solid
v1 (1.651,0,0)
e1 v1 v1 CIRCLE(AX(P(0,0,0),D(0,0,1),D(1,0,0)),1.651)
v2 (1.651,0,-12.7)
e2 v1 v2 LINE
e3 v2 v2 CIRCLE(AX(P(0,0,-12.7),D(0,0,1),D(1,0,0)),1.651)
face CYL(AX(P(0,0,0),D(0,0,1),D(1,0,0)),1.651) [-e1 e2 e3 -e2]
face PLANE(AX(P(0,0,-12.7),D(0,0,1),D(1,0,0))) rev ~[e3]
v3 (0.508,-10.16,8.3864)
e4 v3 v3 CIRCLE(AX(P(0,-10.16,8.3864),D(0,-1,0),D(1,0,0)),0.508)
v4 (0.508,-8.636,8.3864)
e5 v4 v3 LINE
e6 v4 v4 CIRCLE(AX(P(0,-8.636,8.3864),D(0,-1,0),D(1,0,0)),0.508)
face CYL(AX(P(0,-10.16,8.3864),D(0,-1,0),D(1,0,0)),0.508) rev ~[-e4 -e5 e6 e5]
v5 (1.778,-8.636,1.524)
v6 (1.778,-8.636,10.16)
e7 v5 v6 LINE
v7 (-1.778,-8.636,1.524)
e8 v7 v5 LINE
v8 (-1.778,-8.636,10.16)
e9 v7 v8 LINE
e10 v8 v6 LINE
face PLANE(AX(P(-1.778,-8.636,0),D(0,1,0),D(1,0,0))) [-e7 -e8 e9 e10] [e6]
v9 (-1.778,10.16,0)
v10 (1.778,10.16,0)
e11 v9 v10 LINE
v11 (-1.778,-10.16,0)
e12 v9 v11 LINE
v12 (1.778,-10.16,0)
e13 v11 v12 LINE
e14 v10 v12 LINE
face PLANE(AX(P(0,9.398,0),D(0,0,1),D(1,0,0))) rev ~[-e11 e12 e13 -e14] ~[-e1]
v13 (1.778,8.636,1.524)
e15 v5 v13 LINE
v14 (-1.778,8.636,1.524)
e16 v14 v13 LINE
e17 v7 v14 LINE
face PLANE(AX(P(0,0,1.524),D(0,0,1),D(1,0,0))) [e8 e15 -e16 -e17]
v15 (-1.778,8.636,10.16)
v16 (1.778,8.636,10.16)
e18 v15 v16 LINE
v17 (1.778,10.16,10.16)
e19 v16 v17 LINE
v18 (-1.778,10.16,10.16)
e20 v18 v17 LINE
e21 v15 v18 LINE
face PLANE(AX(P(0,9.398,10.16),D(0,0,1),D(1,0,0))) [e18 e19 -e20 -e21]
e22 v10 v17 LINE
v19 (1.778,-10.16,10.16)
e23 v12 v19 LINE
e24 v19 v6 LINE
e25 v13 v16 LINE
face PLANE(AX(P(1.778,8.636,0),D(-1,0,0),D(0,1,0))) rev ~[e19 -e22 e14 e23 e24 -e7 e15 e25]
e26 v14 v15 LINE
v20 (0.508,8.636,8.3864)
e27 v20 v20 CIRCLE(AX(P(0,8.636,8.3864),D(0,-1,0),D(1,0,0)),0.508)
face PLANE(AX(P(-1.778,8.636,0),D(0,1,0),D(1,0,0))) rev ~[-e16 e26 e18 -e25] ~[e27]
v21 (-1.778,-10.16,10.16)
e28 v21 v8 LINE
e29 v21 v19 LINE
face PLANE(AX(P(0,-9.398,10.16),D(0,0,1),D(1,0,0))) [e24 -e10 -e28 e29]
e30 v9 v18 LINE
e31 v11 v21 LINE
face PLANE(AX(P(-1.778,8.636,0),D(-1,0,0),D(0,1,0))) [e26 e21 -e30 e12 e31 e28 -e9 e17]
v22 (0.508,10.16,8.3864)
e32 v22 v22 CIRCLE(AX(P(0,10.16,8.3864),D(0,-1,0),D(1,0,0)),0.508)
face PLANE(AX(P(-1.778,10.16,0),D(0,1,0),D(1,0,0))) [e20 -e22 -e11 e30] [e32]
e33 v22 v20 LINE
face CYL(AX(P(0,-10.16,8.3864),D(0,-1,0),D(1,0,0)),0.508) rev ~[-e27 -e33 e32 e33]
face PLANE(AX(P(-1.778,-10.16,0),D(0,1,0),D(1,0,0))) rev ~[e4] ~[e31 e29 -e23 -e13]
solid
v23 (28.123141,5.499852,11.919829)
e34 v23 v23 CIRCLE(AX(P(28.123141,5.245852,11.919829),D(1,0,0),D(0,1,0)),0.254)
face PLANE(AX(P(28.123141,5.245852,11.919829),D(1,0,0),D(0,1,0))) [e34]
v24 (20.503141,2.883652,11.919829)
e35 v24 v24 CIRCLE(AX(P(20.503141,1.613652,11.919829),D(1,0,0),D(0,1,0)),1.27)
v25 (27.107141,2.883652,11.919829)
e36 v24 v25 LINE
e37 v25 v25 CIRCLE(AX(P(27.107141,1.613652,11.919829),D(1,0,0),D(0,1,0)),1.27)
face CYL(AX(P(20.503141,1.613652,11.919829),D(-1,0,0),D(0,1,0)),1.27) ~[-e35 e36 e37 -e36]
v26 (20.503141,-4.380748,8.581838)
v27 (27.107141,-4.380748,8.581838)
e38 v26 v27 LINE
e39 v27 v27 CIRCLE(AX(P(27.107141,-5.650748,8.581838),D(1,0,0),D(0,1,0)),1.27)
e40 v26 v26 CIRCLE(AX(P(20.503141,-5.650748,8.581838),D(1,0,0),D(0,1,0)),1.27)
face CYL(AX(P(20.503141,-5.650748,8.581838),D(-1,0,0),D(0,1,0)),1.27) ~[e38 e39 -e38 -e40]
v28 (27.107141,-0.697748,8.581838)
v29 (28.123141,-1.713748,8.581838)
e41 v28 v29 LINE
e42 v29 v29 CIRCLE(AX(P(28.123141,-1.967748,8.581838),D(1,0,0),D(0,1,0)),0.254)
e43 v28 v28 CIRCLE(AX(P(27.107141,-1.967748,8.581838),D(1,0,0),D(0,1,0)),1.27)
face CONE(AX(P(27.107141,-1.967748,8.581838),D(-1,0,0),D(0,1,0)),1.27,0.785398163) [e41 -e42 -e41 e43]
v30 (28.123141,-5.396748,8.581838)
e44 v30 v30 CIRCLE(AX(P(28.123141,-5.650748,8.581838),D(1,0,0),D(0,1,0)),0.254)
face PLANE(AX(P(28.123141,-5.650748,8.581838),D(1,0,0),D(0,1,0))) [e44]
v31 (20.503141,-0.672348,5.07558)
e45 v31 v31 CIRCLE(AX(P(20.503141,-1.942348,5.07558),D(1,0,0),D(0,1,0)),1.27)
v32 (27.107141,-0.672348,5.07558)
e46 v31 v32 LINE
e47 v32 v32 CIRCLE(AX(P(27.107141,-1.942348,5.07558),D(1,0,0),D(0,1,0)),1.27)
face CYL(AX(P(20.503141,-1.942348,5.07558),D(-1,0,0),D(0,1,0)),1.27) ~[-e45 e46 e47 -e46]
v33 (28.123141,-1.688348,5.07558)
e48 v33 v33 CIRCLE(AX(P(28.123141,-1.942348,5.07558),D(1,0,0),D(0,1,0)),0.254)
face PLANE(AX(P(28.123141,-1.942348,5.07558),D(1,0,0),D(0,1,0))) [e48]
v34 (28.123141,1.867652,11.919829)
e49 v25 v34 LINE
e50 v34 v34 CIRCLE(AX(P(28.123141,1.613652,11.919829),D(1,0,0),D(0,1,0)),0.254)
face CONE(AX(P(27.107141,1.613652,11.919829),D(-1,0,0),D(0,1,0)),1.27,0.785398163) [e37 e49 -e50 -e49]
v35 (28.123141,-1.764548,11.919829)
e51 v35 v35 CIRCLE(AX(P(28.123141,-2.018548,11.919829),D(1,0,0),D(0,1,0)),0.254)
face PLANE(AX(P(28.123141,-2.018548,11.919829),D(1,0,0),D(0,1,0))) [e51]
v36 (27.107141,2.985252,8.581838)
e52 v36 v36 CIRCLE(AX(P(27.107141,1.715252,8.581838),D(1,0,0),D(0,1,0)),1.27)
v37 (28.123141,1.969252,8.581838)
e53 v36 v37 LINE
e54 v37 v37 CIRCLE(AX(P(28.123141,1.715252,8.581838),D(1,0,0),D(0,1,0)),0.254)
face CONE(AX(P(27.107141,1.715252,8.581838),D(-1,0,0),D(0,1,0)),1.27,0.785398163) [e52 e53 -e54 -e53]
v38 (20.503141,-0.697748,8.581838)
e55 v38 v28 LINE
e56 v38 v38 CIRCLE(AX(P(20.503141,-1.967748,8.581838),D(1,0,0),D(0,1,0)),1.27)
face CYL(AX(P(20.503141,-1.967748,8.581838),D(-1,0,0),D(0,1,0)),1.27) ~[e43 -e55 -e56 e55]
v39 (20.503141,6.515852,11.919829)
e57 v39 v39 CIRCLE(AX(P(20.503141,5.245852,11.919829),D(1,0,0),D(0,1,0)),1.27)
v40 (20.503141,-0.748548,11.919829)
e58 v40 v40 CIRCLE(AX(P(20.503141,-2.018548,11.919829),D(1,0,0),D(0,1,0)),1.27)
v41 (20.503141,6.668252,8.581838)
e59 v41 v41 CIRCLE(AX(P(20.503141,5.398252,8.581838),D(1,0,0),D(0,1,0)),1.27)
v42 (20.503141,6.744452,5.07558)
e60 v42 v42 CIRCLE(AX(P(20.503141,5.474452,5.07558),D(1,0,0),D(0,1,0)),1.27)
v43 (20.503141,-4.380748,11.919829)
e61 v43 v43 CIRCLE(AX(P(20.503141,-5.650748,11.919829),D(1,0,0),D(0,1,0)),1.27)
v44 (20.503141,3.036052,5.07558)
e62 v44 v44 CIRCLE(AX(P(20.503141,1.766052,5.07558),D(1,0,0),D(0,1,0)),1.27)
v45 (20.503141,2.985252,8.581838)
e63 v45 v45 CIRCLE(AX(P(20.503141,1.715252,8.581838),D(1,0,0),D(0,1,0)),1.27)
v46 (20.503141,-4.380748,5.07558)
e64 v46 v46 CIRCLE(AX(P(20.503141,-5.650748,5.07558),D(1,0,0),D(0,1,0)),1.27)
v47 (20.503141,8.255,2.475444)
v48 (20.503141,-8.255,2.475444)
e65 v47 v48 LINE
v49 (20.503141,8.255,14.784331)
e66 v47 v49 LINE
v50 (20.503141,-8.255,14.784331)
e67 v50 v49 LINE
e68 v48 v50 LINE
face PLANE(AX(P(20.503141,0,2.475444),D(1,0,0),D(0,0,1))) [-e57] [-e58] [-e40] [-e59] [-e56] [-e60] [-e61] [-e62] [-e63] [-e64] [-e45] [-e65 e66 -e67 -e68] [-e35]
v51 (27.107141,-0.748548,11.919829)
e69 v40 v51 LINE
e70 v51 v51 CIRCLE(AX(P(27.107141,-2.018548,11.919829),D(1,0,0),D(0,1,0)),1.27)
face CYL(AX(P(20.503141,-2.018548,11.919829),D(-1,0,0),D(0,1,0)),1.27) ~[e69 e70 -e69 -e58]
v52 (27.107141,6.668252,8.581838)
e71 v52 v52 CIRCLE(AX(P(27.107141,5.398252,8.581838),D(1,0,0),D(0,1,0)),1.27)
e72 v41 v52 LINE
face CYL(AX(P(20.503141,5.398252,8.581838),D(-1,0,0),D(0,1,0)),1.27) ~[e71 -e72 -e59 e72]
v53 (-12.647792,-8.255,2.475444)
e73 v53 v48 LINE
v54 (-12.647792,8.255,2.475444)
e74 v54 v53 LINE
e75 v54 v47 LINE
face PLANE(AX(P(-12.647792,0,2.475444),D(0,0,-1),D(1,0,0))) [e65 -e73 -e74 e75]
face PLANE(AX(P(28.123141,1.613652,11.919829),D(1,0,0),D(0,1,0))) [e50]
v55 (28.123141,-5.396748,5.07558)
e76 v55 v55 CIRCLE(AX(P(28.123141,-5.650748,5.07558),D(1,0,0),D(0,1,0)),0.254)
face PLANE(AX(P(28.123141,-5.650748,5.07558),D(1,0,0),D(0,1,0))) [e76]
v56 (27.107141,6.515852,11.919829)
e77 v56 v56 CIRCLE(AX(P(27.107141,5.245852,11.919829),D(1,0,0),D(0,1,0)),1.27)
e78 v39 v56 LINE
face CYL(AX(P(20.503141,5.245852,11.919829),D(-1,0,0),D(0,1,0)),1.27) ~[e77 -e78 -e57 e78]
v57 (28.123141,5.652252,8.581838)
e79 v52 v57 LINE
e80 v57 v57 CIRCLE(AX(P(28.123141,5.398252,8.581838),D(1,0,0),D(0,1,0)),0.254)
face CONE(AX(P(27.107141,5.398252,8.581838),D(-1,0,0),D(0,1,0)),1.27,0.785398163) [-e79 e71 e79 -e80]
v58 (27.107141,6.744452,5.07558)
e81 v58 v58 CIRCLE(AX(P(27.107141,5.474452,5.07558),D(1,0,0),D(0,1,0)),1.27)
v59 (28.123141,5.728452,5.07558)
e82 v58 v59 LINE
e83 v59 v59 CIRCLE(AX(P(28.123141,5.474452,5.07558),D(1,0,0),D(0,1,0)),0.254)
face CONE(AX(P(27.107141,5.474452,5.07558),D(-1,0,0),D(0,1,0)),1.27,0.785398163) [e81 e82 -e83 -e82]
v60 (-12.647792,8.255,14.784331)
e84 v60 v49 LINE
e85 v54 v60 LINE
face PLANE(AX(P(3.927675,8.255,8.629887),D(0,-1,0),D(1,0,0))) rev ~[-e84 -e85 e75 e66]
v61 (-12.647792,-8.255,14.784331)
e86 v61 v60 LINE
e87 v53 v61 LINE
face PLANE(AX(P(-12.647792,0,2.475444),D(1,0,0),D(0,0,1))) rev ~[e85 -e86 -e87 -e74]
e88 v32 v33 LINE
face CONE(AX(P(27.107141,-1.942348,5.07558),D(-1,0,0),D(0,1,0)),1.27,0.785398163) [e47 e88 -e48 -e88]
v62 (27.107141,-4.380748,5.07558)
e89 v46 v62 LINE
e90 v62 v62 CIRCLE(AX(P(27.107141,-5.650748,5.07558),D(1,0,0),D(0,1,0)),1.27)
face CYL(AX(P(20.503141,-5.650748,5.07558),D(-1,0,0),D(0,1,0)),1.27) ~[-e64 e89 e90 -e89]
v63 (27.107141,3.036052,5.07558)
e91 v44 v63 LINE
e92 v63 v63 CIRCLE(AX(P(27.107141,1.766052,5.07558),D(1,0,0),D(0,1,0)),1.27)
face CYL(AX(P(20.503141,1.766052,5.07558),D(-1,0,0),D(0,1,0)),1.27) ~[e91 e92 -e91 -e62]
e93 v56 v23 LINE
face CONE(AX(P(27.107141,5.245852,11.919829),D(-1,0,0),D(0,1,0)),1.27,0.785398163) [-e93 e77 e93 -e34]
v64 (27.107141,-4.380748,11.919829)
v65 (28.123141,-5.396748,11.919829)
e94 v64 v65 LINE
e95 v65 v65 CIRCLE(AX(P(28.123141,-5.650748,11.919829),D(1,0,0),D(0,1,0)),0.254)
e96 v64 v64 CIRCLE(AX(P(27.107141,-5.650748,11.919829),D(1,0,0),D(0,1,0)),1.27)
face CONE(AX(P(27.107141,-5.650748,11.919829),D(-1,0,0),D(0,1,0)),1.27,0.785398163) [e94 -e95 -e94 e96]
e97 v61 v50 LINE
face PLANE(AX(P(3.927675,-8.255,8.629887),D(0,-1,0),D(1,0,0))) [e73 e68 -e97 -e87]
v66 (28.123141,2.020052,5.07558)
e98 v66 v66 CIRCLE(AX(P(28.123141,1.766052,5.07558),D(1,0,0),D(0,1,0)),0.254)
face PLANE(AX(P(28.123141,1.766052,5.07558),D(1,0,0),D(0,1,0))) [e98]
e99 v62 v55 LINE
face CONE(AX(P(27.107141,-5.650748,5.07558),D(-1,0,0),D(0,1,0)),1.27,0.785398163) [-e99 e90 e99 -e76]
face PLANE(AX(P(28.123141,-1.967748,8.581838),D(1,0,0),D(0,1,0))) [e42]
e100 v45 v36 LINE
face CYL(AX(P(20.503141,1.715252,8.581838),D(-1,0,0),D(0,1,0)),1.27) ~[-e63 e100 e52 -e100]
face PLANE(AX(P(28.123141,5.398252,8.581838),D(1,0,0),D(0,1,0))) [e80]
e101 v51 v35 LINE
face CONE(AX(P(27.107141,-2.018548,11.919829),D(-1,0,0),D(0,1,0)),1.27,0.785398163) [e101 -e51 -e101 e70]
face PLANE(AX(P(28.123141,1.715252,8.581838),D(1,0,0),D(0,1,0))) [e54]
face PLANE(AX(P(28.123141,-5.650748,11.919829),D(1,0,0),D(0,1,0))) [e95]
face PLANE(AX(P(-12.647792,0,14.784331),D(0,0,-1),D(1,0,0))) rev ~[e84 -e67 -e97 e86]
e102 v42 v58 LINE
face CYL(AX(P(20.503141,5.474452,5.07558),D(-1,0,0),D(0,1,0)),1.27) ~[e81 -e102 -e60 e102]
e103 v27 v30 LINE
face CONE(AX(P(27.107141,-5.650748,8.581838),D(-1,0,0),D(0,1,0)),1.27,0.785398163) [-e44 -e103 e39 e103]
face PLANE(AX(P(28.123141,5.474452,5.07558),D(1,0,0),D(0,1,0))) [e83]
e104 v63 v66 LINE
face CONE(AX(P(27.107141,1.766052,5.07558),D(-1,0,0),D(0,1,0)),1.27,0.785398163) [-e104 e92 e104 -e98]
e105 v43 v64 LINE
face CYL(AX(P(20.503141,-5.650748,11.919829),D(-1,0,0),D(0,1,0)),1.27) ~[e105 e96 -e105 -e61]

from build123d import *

# Parameters (mm, degrees)
F0_R     = 1.651
F1_DEPTH = 12.7
F0_W     = 3.556
F0_H     = 17.272
F2_DEPTH = 1.524
F0_H_2   = 1.524
F3_DEPTH = 10.16
F4_R     = 0.508
F5_DEPTH = 26.5684
F6_W     = 33.1509327516
F6_H     = 12.3088879045
F7_DEPTH = 8.255
F8_R     = 1.27
F9_DEPTH = 7.62
F10_SIZE = 1.016


with BuildPart() as f1:
    # F0 (on Top) → F1 (new body)
    with BuildSketch(Plane.XY):
        Circle(F0_R)
    extrude(amount=-F1_DEPTH)

    # F0 (on Top) → F2 (join)
    with BuildSketch(Plane.XY):
        Rectangle(F0_W, F0_H)
        Circle(F0_R, mode=Mode.SUBTRACT)
        Circle(F0_R)
    extrude(amount=F2_DEPTH)

    # F0 (on Top) → F3 (join)
    with BuildSketch(Plane.XY):
        with Locations((0, 9.398)):
            Rectangle(F0_W, F0_H_2)
        with Locations((0, -9.398)):
            Rectangle(F0_W, F0_H_2)
    extrude(amount=F3_DEPTH)

    # F4 (on face) → F5 (cut, symmetric)
    with BuildSketch(Plane.XZ.offset(10.16)):
        with Locations((0, 8.3864002662)):
            Circle(F4_R)
    extrude(amount=F5_DEPTH, both=True, mode=Mode.SUBTRACT)


with BuildPart() as f7:
    # F6 (on Front) → F7 (new body, symmetric)
    with BuildSketch(Plane.XZ):
        with Locations((3.9276746102, 8.6298874812)):
            Rectangle(F6_W, F6_H)
    extrude(amount=F7_DEPTH, both=True)

    # F8 (on face) → F9 (join)
    with BuildSketch(Plane.YZ.offset(20.503140986)):
        with Locations((-5.6507484865, 11.9198291255)):
            Circle(F8_R)
        with Locations((-2.0185484865, 11.9198291255)):
            Circle(F8_R)
        with Locations((1.6136515135, 11.9198291255)):
            Circle(F8_R)
        with Locations((5.2458515135, 11.9198291255)):
            Circle(F8_R)
        with Locations((5.3982515135, 8.5818376392)):
            Circle(F8_R)
        with Locations((5.4744515135, 5.0755804405)):
            Circle(F8_R)
        with Locations((1.7660515135, 5.0755804405)):
            Circle(F8_R)
        with Locations((1.7152515135, 8.5818376392)):
            Circle(F8_R)
        with Locations((-1.9677484865, 8.5818376392)):
            Circle(F8_R)
        with Locations((-1.9423484865, 5.0755804405)):
            Circle(F8_R)
        with Locations((-5.6507484865, 8.5818376392)):
            Circle(F8_R)
        with Locations((-5.6507484865, 5.0755804405)):
            Circle(F8_R)
    extrude(amount=F9_DEPTH)

    # F10
    f10_edges = [f7.edges().sort_by_distance(p)[0] for p in [
        (28.123141, -6.920748, 11.919829),
        (28.123141, -3.288548, 11.919829),
        (28.123141, 0.343652, 11.919829),
        (28.123141, 3.975852, 11.919829),
        (28.123141, 4.128252, 8.581838),
        (28.123141, 0.445252, 8.581838),
        (28.123141, -3.237748, 8.581838),
        (28.123141, -6.920748, 8.581838),
        (28.123141, -6.920748, 5.07558),
        (28.123141, -3.212348, 5.07558),
        (28.123141, 0.496052, 5.07558),
        (28.123141, 4.204452, 5.07558),
    ]]
    chamfer(f10_edges, length=F10_SIZE)


solid = Compound([f1.part, f7.part])
